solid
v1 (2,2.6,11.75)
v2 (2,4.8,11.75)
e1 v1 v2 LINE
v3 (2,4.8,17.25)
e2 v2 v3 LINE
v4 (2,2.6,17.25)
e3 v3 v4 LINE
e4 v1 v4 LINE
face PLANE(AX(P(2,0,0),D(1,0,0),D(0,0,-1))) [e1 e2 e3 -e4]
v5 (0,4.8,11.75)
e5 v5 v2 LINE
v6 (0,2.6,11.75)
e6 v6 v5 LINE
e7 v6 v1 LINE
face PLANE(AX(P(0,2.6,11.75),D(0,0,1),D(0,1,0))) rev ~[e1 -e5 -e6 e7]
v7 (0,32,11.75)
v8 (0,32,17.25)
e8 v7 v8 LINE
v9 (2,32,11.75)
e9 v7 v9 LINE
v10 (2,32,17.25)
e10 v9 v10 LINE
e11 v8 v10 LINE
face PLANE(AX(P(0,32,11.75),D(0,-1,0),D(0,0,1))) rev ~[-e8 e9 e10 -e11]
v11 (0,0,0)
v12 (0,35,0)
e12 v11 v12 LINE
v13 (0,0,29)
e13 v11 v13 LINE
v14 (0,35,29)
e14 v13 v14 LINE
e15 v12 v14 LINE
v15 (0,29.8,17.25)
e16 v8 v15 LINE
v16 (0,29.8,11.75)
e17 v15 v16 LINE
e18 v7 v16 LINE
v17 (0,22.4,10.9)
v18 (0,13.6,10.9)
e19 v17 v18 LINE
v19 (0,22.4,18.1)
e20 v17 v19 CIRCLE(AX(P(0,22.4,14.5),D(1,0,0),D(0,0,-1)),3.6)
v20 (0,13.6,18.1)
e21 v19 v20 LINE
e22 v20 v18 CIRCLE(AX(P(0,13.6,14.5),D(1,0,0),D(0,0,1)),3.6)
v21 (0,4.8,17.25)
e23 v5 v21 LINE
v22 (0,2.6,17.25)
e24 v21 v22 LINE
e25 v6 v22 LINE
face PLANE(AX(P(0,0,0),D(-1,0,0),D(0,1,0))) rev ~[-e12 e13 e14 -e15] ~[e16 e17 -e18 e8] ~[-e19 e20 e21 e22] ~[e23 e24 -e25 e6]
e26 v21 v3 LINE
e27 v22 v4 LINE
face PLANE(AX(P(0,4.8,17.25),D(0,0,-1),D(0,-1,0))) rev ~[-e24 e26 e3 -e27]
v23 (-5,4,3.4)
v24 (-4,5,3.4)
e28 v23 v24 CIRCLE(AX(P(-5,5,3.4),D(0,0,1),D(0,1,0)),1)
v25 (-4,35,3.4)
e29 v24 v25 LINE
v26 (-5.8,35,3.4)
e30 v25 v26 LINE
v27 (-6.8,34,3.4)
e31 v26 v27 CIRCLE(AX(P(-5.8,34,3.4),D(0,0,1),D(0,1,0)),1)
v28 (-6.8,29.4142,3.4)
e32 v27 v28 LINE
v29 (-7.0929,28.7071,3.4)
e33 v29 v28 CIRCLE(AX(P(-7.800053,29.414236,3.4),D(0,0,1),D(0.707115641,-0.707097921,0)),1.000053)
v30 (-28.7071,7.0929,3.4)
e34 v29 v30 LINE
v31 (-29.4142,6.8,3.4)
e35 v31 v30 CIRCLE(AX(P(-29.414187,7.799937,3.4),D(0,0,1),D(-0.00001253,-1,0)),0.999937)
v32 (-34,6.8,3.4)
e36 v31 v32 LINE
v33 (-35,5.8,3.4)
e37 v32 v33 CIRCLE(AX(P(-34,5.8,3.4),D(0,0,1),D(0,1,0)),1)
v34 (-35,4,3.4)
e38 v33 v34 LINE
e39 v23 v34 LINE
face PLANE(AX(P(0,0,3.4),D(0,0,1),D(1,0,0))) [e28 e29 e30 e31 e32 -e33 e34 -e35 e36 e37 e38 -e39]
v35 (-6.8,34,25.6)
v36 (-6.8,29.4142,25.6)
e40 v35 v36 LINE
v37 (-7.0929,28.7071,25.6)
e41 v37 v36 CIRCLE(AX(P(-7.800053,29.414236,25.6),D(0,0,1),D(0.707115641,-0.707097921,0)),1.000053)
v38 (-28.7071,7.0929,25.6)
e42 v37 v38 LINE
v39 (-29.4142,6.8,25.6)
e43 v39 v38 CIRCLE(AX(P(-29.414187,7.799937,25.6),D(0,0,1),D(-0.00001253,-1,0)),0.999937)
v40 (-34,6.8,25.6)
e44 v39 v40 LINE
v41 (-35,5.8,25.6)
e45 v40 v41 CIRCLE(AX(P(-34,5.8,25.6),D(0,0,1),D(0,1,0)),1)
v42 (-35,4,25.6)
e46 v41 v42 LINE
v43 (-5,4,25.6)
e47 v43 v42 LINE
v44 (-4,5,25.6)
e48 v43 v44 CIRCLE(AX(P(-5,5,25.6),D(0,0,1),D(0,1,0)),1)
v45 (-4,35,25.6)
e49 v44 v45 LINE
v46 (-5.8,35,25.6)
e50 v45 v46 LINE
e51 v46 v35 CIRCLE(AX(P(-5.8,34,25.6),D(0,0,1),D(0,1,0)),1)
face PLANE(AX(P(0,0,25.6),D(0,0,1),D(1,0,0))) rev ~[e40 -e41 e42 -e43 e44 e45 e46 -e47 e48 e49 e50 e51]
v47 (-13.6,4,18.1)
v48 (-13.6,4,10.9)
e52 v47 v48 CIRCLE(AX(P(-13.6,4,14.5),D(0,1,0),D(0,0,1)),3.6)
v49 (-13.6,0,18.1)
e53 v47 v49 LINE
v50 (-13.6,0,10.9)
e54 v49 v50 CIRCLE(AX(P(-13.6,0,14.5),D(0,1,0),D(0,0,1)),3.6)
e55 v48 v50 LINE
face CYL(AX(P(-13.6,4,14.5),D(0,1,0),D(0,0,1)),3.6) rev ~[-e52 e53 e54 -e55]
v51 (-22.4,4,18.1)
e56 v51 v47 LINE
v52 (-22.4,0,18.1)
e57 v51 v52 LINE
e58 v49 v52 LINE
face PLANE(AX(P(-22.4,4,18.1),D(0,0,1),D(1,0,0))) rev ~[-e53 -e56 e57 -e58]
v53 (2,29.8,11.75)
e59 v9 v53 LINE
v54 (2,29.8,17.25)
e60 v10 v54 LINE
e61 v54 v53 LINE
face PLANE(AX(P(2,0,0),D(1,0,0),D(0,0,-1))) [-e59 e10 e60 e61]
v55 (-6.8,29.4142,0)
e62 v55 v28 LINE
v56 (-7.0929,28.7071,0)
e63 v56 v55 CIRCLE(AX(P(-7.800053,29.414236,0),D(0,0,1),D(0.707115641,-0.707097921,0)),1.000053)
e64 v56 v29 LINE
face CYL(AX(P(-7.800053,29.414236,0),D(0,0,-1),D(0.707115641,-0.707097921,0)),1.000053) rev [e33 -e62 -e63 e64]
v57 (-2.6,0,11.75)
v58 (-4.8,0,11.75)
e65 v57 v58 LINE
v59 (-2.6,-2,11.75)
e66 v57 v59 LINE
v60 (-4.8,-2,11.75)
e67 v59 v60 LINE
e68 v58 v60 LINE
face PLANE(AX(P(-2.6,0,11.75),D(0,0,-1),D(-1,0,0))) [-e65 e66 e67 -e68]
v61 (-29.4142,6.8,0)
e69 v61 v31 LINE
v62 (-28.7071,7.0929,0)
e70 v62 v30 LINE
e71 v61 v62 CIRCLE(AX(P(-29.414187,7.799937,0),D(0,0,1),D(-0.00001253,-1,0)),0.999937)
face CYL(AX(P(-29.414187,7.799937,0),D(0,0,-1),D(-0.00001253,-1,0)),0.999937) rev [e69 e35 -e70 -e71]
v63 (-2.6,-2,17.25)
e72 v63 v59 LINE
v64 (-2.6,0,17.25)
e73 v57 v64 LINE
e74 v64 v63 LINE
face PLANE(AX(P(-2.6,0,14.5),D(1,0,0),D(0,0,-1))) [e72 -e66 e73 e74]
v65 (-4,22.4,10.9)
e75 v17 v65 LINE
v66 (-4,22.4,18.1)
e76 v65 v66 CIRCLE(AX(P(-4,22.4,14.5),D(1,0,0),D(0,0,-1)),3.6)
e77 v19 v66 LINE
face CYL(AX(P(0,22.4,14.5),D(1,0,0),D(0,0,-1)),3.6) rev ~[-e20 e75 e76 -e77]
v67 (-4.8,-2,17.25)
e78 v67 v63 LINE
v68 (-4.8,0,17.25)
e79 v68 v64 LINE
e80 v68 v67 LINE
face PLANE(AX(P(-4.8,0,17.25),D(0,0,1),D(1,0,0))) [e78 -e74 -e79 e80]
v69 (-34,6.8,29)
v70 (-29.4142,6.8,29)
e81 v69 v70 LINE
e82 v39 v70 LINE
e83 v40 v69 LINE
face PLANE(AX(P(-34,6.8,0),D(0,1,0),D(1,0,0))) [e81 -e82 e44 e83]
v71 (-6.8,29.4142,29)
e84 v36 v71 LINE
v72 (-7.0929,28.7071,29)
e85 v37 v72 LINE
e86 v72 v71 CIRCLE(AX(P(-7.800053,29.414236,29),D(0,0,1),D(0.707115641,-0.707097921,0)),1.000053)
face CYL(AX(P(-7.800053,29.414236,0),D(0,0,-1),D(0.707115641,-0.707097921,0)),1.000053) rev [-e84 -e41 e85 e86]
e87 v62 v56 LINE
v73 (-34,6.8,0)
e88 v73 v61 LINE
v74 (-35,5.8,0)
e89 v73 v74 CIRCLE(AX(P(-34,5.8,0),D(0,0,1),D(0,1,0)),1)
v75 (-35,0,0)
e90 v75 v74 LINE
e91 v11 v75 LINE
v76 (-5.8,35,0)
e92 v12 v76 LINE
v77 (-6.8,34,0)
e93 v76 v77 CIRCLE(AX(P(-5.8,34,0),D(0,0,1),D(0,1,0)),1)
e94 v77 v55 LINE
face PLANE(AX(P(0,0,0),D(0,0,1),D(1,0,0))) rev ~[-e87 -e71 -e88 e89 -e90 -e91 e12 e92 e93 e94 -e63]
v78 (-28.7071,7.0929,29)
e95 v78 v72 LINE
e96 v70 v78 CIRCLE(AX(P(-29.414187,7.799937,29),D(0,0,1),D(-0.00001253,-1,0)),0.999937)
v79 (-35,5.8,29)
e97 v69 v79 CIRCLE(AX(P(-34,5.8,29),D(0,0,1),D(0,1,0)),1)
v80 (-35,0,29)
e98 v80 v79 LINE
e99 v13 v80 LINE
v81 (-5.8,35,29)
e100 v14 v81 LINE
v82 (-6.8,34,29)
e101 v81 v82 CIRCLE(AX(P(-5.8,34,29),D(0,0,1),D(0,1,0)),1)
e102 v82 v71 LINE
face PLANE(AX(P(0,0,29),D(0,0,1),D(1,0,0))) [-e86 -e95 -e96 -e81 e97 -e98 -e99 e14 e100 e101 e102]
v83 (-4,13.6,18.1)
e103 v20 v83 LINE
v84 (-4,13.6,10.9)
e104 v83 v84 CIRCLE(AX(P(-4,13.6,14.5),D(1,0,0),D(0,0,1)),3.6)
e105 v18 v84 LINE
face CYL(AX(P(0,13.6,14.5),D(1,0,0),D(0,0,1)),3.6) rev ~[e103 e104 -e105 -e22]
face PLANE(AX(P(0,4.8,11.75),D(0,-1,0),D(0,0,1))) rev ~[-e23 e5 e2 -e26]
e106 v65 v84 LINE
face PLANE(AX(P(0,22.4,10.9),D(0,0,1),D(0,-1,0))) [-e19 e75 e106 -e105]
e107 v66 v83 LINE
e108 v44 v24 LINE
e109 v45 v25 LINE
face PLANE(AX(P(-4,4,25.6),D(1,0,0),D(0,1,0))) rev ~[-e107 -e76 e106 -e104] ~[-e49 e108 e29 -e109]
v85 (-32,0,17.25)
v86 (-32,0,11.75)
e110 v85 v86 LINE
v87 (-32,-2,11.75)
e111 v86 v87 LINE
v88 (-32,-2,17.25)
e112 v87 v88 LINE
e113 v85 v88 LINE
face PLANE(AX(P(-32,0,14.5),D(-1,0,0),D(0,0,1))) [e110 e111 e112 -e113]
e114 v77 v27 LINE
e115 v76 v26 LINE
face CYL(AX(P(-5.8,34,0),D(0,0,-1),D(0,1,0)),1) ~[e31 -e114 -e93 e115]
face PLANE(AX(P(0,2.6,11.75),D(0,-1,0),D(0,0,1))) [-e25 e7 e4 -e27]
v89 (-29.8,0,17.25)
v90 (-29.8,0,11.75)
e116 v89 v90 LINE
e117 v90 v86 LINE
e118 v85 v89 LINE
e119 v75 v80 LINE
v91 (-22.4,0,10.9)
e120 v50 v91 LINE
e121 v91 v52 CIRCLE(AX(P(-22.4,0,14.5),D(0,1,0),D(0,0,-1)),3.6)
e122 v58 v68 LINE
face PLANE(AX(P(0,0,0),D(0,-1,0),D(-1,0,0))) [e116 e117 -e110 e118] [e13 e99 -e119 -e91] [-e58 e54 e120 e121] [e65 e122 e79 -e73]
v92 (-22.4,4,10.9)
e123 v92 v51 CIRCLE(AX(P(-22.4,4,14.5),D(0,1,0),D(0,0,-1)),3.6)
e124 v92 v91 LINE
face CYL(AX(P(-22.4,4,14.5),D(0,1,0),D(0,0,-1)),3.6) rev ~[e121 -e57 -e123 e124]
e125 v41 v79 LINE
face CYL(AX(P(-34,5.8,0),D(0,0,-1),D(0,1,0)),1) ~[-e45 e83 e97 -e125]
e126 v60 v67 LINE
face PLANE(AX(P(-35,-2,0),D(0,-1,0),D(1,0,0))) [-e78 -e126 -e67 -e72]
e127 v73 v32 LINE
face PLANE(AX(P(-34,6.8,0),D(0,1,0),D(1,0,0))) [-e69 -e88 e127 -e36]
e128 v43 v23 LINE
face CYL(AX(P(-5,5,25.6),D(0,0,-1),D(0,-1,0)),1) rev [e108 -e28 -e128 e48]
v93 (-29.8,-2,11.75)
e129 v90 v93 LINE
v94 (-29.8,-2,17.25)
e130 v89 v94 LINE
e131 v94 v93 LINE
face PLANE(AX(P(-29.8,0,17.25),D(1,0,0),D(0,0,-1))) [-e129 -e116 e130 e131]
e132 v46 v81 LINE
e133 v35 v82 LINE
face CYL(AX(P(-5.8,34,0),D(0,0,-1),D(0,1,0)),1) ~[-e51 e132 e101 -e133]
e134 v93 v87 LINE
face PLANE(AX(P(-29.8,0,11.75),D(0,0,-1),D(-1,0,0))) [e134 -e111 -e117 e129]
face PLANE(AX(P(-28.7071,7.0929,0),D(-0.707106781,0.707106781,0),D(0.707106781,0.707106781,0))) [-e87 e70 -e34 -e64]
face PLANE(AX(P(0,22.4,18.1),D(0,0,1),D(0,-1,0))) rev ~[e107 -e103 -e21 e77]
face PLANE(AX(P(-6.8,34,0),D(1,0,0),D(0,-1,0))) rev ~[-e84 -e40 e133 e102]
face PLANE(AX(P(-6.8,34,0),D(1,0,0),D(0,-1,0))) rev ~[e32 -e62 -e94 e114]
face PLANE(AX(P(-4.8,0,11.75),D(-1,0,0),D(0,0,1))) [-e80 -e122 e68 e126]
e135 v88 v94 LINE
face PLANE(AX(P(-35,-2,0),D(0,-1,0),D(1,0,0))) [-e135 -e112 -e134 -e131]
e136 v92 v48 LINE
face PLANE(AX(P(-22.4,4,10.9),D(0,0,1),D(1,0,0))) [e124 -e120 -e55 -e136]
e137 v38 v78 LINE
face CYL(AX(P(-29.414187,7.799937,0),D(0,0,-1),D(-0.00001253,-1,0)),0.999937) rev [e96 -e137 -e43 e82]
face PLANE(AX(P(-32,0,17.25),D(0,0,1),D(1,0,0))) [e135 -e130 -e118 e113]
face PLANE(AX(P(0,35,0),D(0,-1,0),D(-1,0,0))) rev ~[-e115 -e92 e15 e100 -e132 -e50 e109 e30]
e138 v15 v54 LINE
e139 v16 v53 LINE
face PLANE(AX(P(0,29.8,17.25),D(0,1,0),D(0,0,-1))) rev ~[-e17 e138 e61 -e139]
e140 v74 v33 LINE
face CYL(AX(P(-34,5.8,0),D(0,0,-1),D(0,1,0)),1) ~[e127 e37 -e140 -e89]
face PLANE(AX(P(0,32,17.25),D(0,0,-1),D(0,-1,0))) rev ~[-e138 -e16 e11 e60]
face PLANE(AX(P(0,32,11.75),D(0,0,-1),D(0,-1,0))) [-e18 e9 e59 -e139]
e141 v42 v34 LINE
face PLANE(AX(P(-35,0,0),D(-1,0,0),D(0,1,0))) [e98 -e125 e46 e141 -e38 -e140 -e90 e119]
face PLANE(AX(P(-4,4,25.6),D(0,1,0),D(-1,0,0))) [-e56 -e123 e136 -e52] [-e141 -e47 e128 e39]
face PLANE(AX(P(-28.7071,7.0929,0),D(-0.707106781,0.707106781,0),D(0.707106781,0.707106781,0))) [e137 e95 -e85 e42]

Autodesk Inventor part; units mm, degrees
ref_plane "YZ Plane" through (0, 0, 0) normal (1, 0, 0) x (0, 1, 0)
ref_plane "XZ Plane" through (0, 0, 0) normal (0, 1, 0) x (-1, 0, 0)
ref_plane "XY Plane" through (0, 0, 0) normal (0, 0, 1) x (1, 0, 0)
sketch "Sketch1" plane through (0, 0, 0) normal (0, 0, 1) x (1, 0, 0)
  line L0 (0, 0) -> (0, 35)
  line L1 (0, 35) -> (-5.8, 35)
  line L2 (-6.8, 34) -> (-6.8, 29.4142)
  line L3 (0, 0) -> (-35, 0)
  line L4 (0, 0) -> (35, 0) construction
  line L5 (-35, 0) -> (-35, 5.8)
  line L6 (-34, 6.8) -> (-29.4142, 6.8)
  line L7 (-28.7071, 7.0929) -> (-7.0929, 28.7071)
  arc A0 (-5.8, 35) -> (-6.8, 34) centre (-5.8, 34) ccw
  arc A1 (-7.0929, 28.7071) -> (-6.8, 29.4142) centre (-7.8, 29.4142) ccw
  arc A2 (-29.4142, 6.8) -> (-28.7071, 7.0929) centre (-29.4142, 7.8) ccw
  arc A3 (-34, 6.8) -> (-35, 5.8) centre (-34, 5.8) ccw
  point P0 (-6.8, 35)
  point P1 (-6.8, 29)
  point P2 (-35, 6.8)
  point P3 (-29, 6.8)
  dimension "d0" = 35
  dimension "d1" = 6.8
  dimension "d2" = 90
  dimension "d3" = 6
  dimension "d4" = 35
  dimension "d5" = 180
  dimension "d6" = 6.8
  dimension "d7" = 6
  dimension "d8" = 90
  dimension "d9" = 1
extrude "Extrusion1" add sketch "Sketch1" along normal blind 29
ref_plane "Work Plane1" through (0, 0, 25.6) normal (0, 0, 1) x (1, 0, 0)
sketch "Sketch2" plane through (0, 0, 25.6) normal (0, 0, 1) x (1, 0, 0)
  line L0 (0, 0) -> (0, 35)
  line L1 (0, 35) -> (-5.8, 35)
  arc A0 (-5.8, 35) -> (-6.8, 34) centre (-5.8, 34) ccw
  line L2 (-6.8, 34) -> (-6.8, 29.4142)
  arc A1 (-7.0929, 28.7071) -> (-6.8, 29.4142) centre (-7.8, 29.4142) ccw
  line L3 (-7.0929, 28.7071) -> (-28.7071, 7.0929)
  arc A2 (-29.4142, 6.8) -> (-28.7071, 7.0929) centre (-29.4142, 7.8) ccw
  line L4 (-29.4142, 6.8) -> (-34, 6.8)
  arc A3 (-34, 6.8) -> (-35, 5.8) centre (-34, 5.8) ccw
  line L5 (-35, 5.8) -> (-35, 0)
  line L6 (-35, 0) -> (0, 0)
  line L7 (0, 0) -> (-4, 0)
  line L8 (-35, 0) -> (0, 0)
  line L9 (-4, 0) -> (-4, 35)
  line L10 (-4, 0) -> (-4, 4)
  line L11 (-4, 4) -> (-35, 4)
  line L12 (-35, 5.8) -> (-35, 0)
  line L13 (-4, 4) -> (-36.3789, 4)
  line L14 (-36.3789, 4) -> (-36.3789, 37.1754)
  line L15 (-36.3789, 37.1754) -> (-4, 37.1754)
  line L16 (-4, 37.1754) -> (-4, 4)
  dimension "d13" = 4
extrude "Extrusion2" cut sketch "Sketch2" against normal blind 22.2 contours L9 L11 L5 A3 L4 A2 L3 A1 L2 A0 L1
sketch "Sketch3" plane through (-35, 4, 25.6) normal (0, 1, 0) x (1, 0, 0)
  line L0 (0, 0) -> (0, 22.2) projected
  line L1 (0, 11.1) -> (9, 11.1)
  line L2 (9, 11.1) -> (12.6, 11.1)
  arc A0 (12.6, 14.7) -> (12.6, 7.5) centre (12.6, 11.1) ccw
  line L3 (17.8, 11.1) -> (25, 11.1)
  line L4 (25, 11.1) -> (21.4, 11.1)
  arc A1 (21.4, 7.5) -> (21.4, 14.7) centre (21.4, 11.1) ccw
  line L5 (12.6, 14.7) -> (21.4, 14.7)
  line L6 (12.6, 7.5) -> (21.4, 7.5)
  point P0 (35, 25.6)
  dimension "d16" = 9
  dimension "d17" = 3.6
  dimension "d18" = 16
  dimension "d19" = 3.6
extrude "Extrusion3" cut sketch "Sketch3" against normal blind 22.2
fillet "Fillet1" radius 1 1 edges at (-4, 4, 14.5)
sketch "Sketch4" plane through (0, 0, 0) normal (0, 0, -1) x (-1, 0, 0)
  line L0 (5, 4) -> (35, 4) projected
  line L1 (4, 35) -> (4, 5) projected
  line L2 (0, 0) -> (0, 2)
  line L3 (0, 0) -> (0, 35) projected
  line L4 (0, 2) -> (0, 0)
  line L5 (0, 2) -> (2, 2)
  dimension "d23" = 2
  dimension "d24" = 2
  dimension "d25" = 2
pattern_circular "Circular Pattern1" count 2 over 270 about axis through (-2, 2, 0) along (0, 0, 1) of "Extrusion3"
sketch "Sketch5" plane through (-35, 0, 0) normal (0, -1, 0) x (1, 0, 0)
  line L0 (0, 25.6) -> (0, 3.4) projected
  line L1 (0, 14.5) -> (3, 14.5)
  line L2 (0, 14.5) -> (3, 14.5) construction
  line L3 (3, 14.5) -> (3, 11.75)
  line L4 (3, 11.75) -> (3, 17.25)
  line L5 (3, 17.25) -> (5.2, 17.25)
  line L6 (5.2, 17.25) -> (5.2, 11.75)
  line L7 (5.2, 11.75) -> (3, 11.75)
  line L8 (35, 0) -> (35, 29) projected
  line L9 (35, 14.5) -> (32.4, 14.5)
  line L10 (32.4, 14.5) -> (32.4, 11.75)
  line L11 (32.4, 11.75) -> (30.2, 11.75)
  line L12 (30.2, 11.75) -> (30.2, 17.25)
  line L13 (30.2, 17.25) -> (32.4, 17.25)
  line L14 (32.4, 17.25) -> (32.4, 11.75)
  dimension "d29" = 3
  dimension "d30" = 0
  dimension "d31" = 2.75
  dimension "d32" = 5.5
  dimension "d33" = 2.2
  dimension "d34" = 2.6
  dimension "d35" = 2.75
  dimension "d36" = 2.2
  dimension "d37" = 5.5
extrude "Extrusion4" add sketch "Sketch5" along normal blind 2
sketch "Sketch7" plane through (-35, -2, 0) normal (0, -1, 0) x (1, 0, 0)
  point P0 (35, 0)
sketch "Sketch9" plane through (0, 0, 0) normal (1, 0, 0) x (0, 0, -1)
  line L0 (-10.9, 22.4) -> (-10.9, 13.6) projected
  arc A0 (-18.1, 13.6) -> (-10.9, 13.6) centre (-14.5, 13.6) ccw projected
  line L1 (-18.1, 13.6) -> (-18.1, 22.4) projected
  arc A1 (-10.9, 22.4) -> (-18.1, 22.4) centre (-14.5, 22.4) ccw projected
  line L2 (0, 0) -> (0, 35) projected
  line L3 (0, 35) -> (-29, 35) projected
  line L4 (-29, 0) -> (-29, 35) projected
  line L5 (0, 0) -> (-29, 0) projected
  line L6 (-11.75, 32) -> (-11.75, 29.8) projected
  line L7 (-11.75, 32) -> (-17.25, 32)
  line L8 (-17.25, 32) -> (-17.25, 29.8)
  line L9 (-17.25, 29.8) -> (-11.75, 29.8)
  line L10 (-11.75, 29.8) -> (-11.75, 32)
  line L11 (-11.75, 2.6) -> (-17.25, 2.6) projected
  line L12 (-11.75, 4.8) -> (-17.25, 4.8)
  line L13 (-17.25, 4.8) -> (-17.25, 2.6)
  line L14 (-17.25, 2.6) -> (-11.75, 2.6)
  line L15 (-11.75, 2.6) -> (-11.75, 4.8)
extrude "Extrusion5" add sketch "Sketch9" along normal blind 2 contours L6 L9 L8 L7 | L11 L13 L12 L15
sketch "Sketch10" plane through (-4, 35, 3.4) normal (-1, 0, 0) x (0, 0, 1)
  point P0 (-3.4, -35)
properties part number "30mm Bracket_CPY"
